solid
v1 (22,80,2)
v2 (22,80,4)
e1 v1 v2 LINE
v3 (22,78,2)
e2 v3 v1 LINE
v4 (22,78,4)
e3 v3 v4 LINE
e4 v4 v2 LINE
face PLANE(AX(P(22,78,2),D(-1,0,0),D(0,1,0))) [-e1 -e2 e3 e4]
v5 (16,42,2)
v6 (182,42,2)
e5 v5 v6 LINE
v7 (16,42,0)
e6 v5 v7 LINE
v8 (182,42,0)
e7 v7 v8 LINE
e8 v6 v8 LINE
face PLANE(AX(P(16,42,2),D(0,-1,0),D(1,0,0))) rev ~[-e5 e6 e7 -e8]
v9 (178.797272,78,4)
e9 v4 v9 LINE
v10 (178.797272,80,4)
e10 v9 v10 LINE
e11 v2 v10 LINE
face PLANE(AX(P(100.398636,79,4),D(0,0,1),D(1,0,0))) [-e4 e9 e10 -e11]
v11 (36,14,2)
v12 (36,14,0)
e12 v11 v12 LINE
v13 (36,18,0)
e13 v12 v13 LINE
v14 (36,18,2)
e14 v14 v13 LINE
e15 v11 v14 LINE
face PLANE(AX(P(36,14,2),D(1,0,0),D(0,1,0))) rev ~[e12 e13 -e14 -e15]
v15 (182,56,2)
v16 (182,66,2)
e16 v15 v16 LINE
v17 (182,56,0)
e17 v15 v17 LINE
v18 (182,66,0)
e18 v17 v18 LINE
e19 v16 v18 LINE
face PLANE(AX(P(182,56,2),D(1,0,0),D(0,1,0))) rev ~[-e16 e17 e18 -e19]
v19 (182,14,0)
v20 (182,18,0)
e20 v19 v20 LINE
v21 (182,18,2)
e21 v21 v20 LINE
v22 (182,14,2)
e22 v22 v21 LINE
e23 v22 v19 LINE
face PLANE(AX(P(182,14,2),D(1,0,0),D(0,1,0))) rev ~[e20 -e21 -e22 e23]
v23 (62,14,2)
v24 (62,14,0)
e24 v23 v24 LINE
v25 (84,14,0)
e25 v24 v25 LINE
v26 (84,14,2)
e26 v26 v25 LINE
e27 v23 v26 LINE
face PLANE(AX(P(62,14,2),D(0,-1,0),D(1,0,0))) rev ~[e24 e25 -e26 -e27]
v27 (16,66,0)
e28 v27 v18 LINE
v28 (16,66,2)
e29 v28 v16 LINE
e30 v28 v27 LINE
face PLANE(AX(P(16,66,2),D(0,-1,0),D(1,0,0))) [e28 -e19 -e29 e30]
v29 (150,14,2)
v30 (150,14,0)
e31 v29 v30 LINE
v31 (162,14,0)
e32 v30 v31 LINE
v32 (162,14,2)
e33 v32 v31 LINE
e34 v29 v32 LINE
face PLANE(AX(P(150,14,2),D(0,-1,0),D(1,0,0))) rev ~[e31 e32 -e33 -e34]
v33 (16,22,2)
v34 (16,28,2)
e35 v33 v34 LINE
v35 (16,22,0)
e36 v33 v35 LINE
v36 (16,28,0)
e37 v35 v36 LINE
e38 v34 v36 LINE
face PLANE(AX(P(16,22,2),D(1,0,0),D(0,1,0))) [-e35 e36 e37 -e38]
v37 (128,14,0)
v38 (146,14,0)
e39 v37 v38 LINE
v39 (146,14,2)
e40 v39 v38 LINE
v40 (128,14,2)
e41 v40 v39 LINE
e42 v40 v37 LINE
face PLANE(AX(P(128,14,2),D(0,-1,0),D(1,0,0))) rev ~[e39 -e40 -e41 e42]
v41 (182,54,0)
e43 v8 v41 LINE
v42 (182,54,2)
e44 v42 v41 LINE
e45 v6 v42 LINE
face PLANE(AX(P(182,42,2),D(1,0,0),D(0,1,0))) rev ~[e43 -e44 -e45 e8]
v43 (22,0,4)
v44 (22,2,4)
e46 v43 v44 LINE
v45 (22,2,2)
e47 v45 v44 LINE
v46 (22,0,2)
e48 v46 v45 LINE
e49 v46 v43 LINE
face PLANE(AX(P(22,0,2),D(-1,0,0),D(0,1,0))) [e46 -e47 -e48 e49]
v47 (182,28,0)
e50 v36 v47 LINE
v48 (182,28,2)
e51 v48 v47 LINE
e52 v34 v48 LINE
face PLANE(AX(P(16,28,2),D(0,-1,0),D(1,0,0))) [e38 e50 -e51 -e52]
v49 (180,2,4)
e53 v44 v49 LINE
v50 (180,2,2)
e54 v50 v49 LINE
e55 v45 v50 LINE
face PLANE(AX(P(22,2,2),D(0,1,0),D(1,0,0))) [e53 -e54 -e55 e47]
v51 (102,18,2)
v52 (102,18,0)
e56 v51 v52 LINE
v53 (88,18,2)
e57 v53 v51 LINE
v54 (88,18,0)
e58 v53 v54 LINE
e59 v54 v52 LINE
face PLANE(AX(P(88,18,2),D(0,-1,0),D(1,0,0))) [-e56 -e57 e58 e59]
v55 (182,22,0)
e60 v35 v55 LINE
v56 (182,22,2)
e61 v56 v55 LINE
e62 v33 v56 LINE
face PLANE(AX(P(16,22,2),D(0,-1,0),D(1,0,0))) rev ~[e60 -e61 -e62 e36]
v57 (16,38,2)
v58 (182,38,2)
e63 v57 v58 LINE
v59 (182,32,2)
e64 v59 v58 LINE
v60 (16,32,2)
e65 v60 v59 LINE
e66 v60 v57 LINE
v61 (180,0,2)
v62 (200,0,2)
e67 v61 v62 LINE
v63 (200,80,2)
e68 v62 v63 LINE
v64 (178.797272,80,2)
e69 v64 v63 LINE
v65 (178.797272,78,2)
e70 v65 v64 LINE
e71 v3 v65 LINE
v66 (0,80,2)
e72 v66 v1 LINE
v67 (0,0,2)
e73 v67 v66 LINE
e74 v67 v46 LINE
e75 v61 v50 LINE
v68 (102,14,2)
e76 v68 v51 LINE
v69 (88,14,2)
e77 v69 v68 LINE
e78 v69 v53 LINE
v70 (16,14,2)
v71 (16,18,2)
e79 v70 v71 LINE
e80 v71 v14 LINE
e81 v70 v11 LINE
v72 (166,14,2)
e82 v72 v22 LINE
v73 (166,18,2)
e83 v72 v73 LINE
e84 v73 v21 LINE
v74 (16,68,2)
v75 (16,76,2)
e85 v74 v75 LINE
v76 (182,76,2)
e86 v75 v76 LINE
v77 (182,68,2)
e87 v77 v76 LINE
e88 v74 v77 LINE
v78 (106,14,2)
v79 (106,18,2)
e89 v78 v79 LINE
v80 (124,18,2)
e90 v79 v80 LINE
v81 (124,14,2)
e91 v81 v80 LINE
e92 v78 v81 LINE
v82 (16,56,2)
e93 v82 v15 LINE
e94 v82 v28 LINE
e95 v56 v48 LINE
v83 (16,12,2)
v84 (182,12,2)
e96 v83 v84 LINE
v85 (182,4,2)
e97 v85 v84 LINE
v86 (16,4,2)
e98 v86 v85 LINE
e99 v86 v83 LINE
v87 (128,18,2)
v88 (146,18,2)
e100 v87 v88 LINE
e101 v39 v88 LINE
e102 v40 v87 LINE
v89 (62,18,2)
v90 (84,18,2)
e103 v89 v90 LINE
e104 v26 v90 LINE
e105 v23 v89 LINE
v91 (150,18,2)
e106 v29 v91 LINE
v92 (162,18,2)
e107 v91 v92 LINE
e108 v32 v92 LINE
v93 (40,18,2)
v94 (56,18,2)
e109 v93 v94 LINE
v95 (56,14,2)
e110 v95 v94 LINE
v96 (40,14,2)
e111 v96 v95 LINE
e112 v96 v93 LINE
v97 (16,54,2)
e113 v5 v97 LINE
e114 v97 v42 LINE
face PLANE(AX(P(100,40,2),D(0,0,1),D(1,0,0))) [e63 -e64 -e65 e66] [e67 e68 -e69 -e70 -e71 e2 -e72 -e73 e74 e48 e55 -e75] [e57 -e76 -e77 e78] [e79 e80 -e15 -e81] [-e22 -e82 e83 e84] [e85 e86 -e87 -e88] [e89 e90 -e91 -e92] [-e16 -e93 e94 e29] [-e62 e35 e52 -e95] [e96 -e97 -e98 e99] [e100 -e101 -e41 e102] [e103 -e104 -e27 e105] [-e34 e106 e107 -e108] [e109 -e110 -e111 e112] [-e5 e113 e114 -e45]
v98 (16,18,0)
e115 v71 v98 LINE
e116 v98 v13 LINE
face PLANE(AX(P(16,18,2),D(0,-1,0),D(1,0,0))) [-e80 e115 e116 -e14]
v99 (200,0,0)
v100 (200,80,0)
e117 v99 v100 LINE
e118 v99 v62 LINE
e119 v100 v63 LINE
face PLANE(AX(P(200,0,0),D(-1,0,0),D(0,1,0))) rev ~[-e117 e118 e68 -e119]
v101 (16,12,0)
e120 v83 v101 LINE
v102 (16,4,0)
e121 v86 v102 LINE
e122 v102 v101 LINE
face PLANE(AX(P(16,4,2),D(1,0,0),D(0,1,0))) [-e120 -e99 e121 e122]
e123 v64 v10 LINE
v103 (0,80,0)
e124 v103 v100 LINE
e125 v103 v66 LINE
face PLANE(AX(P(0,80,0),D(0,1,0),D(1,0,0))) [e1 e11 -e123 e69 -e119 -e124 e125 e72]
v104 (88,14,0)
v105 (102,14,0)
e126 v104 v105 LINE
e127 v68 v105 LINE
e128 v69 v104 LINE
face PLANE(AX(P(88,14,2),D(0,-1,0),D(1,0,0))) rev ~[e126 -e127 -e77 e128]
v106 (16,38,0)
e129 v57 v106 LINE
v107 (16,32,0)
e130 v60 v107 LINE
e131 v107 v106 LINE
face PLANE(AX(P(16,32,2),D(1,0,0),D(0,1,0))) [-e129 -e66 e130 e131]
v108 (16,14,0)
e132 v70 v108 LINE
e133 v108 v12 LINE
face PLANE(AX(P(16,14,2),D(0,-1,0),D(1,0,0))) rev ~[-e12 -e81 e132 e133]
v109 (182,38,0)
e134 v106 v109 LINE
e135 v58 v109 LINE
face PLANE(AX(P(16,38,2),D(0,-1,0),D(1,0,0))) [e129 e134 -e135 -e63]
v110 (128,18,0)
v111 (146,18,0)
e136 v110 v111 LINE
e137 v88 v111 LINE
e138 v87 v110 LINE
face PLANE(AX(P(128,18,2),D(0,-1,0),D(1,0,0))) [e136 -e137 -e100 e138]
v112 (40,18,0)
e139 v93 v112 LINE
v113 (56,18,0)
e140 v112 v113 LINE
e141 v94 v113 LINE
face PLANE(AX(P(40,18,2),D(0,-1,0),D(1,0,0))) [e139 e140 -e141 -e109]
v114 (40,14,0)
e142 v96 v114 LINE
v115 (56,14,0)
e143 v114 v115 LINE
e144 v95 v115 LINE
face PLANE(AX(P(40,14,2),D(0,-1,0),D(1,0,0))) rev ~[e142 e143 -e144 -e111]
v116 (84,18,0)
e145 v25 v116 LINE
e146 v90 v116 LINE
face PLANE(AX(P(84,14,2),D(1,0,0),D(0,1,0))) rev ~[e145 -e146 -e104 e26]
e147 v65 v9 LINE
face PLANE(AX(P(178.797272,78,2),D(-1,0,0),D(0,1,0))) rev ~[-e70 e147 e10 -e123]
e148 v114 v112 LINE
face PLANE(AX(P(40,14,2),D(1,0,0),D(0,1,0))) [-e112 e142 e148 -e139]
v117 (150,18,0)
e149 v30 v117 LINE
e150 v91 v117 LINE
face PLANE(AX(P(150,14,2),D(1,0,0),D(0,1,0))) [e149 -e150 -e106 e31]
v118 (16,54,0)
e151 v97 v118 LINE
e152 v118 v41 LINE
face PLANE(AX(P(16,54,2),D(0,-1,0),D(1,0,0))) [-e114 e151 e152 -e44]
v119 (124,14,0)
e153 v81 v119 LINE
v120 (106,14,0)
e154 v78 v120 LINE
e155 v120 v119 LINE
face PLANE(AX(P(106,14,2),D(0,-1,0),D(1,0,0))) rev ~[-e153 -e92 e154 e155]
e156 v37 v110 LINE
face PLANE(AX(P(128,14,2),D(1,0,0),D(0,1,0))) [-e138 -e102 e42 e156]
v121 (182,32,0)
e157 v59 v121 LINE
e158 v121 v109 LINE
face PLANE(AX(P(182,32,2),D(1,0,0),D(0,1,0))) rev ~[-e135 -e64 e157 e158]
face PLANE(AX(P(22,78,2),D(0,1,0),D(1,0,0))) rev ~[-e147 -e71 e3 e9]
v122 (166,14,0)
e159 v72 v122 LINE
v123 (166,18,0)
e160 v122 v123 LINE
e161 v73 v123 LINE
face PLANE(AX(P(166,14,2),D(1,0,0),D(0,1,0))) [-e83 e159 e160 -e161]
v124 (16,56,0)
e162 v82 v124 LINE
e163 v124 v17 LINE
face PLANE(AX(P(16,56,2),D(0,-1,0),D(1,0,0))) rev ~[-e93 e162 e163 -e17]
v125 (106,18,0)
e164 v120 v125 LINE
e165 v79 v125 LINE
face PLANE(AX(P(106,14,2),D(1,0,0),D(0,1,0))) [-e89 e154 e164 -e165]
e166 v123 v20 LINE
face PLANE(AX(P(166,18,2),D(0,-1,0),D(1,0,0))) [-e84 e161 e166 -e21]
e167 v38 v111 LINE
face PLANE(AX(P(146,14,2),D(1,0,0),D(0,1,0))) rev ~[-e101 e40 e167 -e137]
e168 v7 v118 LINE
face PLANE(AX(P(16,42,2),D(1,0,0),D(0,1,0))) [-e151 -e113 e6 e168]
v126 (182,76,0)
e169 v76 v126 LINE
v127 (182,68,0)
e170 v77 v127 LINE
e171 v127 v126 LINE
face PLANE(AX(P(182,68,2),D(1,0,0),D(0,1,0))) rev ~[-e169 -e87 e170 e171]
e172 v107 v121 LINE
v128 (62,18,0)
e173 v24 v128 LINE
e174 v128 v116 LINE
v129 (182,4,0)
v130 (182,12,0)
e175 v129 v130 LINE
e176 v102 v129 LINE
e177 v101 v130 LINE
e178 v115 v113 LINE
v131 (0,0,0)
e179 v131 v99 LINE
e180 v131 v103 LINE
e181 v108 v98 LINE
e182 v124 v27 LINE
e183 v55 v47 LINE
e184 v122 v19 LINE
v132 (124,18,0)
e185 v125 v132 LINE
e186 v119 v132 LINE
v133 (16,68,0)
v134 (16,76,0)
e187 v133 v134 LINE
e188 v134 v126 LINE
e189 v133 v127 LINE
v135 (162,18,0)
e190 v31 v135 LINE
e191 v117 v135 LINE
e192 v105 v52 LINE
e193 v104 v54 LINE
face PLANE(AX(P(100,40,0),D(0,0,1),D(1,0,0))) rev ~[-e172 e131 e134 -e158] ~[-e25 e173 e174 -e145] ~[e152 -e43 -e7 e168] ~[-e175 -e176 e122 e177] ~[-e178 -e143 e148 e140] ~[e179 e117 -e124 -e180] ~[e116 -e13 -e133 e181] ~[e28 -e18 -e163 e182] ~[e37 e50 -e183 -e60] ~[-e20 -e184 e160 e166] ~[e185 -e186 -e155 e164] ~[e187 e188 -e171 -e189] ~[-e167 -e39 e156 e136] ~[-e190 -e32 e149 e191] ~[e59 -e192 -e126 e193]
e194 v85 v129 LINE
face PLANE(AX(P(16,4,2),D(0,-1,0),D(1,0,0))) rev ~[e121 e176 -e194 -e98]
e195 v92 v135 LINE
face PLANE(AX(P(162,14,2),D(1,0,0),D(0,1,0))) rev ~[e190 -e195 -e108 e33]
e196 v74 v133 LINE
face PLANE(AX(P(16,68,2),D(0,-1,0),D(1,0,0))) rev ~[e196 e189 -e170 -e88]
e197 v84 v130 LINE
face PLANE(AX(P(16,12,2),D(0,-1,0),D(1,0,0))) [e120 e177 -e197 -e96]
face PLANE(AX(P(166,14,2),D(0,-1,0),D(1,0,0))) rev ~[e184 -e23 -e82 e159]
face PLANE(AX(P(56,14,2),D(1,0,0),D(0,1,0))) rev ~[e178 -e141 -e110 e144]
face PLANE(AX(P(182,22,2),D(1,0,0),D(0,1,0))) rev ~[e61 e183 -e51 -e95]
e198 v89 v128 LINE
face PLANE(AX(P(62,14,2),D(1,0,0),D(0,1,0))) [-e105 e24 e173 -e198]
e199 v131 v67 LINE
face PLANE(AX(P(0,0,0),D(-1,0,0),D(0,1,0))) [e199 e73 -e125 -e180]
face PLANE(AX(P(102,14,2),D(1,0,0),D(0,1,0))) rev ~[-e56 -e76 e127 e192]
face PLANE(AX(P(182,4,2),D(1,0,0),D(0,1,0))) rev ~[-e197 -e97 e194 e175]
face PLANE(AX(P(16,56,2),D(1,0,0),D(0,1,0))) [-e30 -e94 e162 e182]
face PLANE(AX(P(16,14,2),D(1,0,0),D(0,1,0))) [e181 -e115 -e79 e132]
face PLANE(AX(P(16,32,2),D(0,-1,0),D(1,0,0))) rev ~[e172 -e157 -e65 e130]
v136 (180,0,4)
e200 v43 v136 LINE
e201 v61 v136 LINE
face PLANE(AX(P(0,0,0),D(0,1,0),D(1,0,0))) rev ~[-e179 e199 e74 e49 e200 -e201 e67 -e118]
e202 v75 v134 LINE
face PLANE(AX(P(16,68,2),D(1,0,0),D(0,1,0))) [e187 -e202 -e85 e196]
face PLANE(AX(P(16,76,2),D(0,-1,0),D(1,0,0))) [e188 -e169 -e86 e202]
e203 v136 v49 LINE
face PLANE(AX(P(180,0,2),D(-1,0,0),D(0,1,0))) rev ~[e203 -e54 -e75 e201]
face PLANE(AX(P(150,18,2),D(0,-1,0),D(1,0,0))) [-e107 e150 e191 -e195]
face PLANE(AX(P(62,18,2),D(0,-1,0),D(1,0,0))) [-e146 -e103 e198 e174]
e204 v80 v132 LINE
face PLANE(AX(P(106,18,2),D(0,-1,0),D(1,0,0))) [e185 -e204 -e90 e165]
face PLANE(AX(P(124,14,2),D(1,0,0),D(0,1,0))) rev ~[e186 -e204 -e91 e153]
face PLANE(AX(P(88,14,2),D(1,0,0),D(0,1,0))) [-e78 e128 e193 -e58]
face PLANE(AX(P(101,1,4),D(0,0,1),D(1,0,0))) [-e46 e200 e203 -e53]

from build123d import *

# Parameters (mm, degrees)
SKETCH_W      = 200
SKETCH_H      = 80
PAD_DEPTH     = 2
SKETCH001_W   = 158
SKETCH001_H   = 2
SKETCH001_W_2 = 156.797272
PAD001_DEPTH  = 2
SKETCH002_W   = 166
SKETCH002_H   = 8
SKETCH002_H_2 = 10
SKETCH002_H_3 = 12
SKETCH002_W_2 = 20
SKETCH002_H_4 = 4
SKETCH002_W_3 = 16
SKETCH002_W_4 = 22
SKETCH002_W_5 = 14
SKETCH002_W_6 = 18
SKETCH002_W_7 = 12
SKETCH002_H_5 = 6
POCKET_DEPTH  = 5


with BuildPart() as part:
    # Sketch → Pad (new body)
    with BuildSketch(Plane.XY):
        with Locations((100, 40)):
            Rectangle(SKETCH_W, SKETCH_H)
    extrude(amount=PAD_DEPTH)

    # Sketch001 (on Face6 of Pad) → Pad001 (join)
    with BuildSketch(Plane.XY.offset(2)):
        with Locations((101, 1)):
            Rectangle(SKETCH001_W, SKETCH001_H)
        with Locations((100.398636, 79)):
            Rectangle(SKETCH001_W_2, SKETCH001_H)
    extrude(amount=PAD001_DEPTH)

    # Sketch002 (on Face5 of Pad001) → Pocket (cut)
    with BuildSketch(Plane.XY.offset(2)):
        with Locations((99, 72)):
            Rectangle(SKETCH002_W, SKETCH002_H)
        with Locations((99, 61)):
            Rectangle(SKETCH002_W, SKETCH002_H_2)
        with Locations((99, 48)):
            Rectangle(SKETCH002_W, SKETCH002_H_3)
        with Locations((99, 8)):
            Rectangle(SKETCH002_W, SKETCH002_H)
        with Locations((26, 16)):
            Rectangle(SKETCH002_W_2, SKETCH002_H_4)
        with Locations((48, 16)):
            Rectangle(SKETCH002_W_3, SKETCH002_H_4)
        with Locations((73, 16)):
            Rectangle(SKETCH002_W_4, SKETCH002_H_4)
        with Locations((95, 16)):
            Rectangle(SKETCH002_W_5, SKETCH002_H_4)
        with Locations((115, 16)):
            Rectangle(SKETCH002_W_6, SKETCH002_H_4)
        with Locations((137, 16)):
            Rectangle(SKETCH002_W_6, SKETCH002_H_4)
        with Locations((156, 16)):
            Rectangle(SKETCH002_W_7, SKETCH002_H_4)
        with Locations((174, 16)):
            Rectangle(SKETCH002_W_3, SKETCH002_H_4)
        with Locations((99, 25)):
            Rectangle(SKETCH002_W, SKETCH002_H_5)
        with Locations((99, 35)):
            Rectangle(SKETCH002_W, SKETCH002_H_5)
    extrude(amount=-POCKET_DEPTH, mode=Mode.SUBTRACT)


solid = part.part
